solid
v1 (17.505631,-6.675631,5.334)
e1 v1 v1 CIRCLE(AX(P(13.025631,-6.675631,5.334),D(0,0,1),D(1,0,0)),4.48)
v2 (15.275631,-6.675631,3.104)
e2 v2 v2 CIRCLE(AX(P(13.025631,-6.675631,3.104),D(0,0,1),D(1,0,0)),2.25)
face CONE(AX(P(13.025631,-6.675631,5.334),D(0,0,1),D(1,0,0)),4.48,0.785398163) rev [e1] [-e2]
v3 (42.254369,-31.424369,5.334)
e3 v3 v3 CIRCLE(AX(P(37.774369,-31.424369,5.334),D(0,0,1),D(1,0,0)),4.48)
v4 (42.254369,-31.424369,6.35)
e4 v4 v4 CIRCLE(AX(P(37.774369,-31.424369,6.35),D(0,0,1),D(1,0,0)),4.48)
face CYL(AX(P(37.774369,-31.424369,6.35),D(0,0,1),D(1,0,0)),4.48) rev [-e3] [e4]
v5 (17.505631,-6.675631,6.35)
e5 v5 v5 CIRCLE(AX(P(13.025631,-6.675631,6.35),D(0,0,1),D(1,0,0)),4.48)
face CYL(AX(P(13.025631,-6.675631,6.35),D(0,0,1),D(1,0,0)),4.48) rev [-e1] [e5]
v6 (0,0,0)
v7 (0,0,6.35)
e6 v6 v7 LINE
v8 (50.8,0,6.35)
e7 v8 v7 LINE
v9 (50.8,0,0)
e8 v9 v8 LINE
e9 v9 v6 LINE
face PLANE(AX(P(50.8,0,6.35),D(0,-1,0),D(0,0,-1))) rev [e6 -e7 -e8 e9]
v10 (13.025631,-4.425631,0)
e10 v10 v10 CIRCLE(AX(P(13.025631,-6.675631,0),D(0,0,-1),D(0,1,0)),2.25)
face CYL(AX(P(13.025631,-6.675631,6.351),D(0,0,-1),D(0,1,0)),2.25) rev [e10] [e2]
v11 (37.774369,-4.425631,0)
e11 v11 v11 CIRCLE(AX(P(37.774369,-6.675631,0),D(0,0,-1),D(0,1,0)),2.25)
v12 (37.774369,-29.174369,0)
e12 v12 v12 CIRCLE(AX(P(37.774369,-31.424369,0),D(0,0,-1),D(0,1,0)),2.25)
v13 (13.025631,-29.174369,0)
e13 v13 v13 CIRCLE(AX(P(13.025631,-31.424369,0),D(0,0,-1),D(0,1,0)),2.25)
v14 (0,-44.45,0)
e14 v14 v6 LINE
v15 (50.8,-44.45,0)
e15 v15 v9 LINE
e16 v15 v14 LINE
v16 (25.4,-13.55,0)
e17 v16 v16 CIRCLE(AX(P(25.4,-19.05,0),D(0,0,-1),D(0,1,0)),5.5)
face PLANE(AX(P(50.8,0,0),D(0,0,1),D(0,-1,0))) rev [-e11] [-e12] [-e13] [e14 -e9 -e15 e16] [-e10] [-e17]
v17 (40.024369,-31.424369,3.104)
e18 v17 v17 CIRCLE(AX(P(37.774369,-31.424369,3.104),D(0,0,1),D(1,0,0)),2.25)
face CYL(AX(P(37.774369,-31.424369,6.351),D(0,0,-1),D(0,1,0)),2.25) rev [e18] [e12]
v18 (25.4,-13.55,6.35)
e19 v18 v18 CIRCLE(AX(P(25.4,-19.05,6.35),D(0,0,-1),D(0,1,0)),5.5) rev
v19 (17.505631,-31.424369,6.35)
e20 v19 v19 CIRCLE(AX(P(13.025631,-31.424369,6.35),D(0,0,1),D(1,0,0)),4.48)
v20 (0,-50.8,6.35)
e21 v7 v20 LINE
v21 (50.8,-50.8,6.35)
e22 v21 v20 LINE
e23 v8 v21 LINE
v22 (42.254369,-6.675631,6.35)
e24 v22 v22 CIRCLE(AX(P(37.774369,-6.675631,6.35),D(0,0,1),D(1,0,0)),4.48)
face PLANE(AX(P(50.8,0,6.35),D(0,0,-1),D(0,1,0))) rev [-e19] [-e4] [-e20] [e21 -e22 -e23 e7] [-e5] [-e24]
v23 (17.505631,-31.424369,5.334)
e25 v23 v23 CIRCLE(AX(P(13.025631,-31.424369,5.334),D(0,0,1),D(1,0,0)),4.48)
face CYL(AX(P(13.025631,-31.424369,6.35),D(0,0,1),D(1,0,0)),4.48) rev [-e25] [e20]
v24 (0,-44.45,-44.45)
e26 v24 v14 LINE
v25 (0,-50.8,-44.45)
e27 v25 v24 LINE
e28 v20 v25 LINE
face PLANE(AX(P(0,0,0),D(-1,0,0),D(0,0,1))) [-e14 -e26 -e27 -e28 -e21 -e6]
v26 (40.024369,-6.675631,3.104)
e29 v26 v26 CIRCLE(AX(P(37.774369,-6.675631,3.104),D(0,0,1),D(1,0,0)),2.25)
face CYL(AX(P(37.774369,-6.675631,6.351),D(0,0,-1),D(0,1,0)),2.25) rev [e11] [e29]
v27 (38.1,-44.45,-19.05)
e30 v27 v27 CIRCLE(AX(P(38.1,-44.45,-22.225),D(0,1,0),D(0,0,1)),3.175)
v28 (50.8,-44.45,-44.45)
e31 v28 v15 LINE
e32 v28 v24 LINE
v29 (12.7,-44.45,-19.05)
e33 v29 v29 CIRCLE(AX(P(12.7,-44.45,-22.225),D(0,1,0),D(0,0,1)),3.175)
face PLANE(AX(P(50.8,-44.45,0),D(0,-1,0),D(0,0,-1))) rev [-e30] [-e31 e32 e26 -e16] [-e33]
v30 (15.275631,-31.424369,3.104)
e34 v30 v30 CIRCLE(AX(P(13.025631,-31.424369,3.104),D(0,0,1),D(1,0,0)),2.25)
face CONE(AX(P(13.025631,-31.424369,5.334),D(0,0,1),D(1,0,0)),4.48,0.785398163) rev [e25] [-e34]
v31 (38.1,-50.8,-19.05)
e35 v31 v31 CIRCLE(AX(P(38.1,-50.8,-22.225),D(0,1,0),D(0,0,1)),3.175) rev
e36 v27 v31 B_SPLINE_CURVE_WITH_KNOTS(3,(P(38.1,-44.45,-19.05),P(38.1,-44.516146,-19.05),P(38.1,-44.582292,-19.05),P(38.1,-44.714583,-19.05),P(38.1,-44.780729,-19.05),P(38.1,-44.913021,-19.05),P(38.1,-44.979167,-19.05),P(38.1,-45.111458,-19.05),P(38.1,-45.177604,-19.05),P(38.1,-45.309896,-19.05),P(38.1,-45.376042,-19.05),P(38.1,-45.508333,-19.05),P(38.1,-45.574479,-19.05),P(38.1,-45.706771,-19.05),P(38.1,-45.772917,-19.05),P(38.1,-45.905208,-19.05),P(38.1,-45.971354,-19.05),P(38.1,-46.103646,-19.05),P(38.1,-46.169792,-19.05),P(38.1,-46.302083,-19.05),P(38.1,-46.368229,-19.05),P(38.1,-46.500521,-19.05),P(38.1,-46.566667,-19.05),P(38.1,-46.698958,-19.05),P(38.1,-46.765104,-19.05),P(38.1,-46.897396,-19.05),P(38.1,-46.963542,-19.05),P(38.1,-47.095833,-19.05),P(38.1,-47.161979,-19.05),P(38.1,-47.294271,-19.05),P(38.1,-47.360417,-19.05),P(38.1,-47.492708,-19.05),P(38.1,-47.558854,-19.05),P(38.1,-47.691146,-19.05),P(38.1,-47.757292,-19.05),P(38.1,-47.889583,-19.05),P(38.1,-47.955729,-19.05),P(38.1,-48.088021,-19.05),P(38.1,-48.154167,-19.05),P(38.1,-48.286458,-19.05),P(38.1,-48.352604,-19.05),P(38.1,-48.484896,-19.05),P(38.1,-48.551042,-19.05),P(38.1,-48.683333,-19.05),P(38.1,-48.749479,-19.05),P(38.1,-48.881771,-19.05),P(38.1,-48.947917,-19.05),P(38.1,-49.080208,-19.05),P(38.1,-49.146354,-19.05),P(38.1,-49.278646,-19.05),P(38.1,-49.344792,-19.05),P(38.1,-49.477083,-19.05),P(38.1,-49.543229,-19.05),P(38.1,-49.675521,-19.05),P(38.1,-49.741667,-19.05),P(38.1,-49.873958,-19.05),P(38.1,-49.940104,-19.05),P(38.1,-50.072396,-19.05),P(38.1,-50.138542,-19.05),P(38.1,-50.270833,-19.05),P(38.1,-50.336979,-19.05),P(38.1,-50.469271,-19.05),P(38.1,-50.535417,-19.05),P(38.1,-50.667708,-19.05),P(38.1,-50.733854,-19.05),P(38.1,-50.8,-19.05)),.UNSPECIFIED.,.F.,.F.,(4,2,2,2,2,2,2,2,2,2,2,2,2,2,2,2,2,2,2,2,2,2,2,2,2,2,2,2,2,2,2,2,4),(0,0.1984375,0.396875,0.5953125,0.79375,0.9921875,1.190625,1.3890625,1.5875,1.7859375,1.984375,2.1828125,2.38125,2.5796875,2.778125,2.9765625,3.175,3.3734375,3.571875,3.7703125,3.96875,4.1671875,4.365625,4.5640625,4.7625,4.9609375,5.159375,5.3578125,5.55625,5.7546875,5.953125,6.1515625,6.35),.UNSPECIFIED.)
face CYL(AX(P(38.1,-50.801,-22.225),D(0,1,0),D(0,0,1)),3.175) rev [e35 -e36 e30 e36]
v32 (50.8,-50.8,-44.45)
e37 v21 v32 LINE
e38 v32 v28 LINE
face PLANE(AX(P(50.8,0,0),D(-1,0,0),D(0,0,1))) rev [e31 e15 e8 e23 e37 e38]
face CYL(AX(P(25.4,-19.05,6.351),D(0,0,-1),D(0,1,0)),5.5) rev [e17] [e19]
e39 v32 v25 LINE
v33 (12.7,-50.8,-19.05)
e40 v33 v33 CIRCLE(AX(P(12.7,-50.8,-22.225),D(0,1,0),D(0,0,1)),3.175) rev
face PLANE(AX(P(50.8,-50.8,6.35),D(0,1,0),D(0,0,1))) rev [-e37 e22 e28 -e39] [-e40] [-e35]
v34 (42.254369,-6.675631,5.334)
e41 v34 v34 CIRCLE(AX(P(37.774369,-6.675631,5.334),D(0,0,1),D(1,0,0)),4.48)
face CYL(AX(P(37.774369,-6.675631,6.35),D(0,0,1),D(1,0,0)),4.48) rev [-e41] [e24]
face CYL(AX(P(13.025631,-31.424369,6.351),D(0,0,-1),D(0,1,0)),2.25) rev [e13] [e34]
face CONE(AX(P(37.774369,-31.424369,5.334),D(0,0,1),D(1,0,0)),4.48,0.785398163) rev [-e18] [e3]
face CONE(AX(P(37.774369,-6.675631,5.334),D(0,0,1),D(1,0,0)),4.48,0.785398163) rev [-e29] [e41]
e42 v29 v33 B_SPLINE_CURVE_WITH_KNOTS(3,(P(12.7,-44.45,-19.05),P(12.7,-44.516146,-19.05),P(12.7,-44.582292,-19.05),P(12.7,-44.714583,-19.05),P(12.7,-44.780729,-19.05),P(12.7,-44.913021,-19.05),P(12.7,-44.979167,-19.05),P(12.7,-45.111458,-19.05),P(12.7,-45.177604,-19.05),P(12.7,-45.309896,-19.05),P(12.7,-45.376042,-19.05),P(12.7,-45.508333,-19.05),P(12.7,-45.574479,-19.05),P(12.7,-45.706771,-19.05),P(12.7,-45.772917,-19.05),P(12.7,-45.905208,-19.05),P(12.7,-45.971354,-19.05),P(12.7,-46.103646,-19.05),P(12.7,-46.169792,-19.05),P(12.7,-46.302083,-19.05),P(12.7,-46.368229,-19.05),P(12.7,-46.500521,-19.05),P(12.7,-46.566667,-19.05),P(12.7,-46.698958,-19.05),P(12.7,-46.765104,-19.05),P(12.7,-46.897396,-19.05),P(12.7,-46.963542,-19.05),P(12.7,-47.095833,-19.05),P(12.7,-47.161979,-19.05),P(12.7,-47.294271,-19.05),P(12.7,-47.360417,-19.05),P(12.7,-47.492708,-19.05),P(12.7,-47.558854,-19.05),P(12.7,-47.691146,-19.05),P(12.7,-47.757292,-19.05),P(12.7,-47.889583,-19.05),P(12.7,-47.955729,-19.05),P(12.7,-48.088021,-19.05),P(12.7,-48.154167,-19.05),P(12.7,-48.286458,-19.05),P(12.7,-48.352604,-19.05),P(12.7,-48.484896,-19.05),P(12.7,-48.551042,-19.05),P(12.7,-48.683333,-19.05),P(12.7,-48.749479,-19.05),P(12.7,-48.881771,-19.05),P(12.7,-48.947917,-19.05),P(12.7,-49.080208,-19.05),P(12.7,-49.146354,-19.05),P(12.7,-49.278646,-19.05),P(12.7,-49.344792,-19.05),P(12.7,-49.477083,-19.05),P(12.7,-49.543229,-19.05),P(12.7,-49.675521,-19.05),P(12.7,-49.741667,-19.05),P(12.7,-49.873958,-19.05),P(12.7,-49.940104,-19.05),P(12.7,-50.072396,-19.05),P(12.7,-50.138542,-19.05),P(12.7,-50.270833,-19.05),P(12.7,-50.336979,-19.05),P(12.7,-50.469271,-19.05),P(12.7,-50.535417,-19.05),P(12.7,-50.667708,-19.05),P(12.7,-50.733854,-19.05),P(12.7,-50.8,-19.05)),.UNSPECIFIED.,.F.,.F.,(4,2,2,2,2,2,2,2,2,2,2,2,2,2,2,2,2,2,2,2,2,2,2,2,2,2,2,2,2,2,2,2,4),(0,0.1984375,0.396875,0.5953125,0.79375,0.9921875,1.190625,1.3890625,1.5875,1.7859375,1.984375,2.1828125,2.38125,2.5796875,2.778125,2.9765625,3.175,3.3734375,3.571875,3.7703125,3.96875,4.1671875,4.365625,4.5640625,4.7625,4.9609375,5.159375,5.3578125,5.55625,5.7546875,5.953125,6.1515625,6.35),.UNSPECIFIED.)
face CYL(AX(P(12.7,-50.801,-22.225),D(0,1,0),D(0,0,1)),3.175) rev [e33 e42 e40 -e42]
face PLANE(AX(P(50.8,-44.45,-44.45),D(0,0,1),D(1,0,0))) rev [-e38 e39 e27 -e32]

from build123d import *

# Parameters (mm, degrees)
BOSS_EXTRUDE1_DEPTH          = 50.8
CUT_EXTRUDE1_REACH           = 86.481
SKETCH2_R                    = 2.25
SKETCH2_R_2                  = 5.5
CUT_EXTRUDE2_REACH           = 82.822
SKETCH4_R                    = 3.175
CSK_FOR_M4_SFHCS1_AT_2_COUNT = 2
CSK_FOR_M4_SFHCS1_AT_2_PITCH = 24.748737342
CSK_FOR_M4_SFHCS1_AT_3_COUNT = 2
CSK_FOR_M4_SFHCS1_AT_3_PITCH = 35
CSK_FOR_M4_SFHCS1_AT_4_COUNT = 2
CSK_FOR_M4_SFHCS1_AT_4_PITCH = 24.748737342


with BuildPart() as part:
    # Sketch1 → Boss-Extrude1 (new body)
    with BuildSketch(Plane(origin=(0, 0, 0), x_dir=(0, 0, -1), z_dir=(1, 0, 0))):
        Polygon((0, 0), (0, -44.45), (44.45, -44.45), (44.45, -50.8), (-6.35, -50.8), (-6.35, 0), align=None)
    extrude(amount=BOSS_EXTRUDE1_DEPTH)

    # Sketch2 → Cut-Extrude1 (cut, up to next)
    with BuildSketch(Plane(origin=(0, 0, 0), x_dir=(-1, 0, 0), z_dir=(0, 0, -1)), mode=Mode.PRIVATE) as cut_extrude1_sk1:
        with Locations(Location((-13.025631329, -6.675631329, 0), (0, 0, 90))):
            Circle(SKETCH2_R)
    cut_extrude1_tool1 = extrude(cut_extrude1_sk1.sketch, amount=-CUT_EXTRUDE1_REACH, mode=Mode.PRIVATE) & part.part
    # Sketch2 → Cut-Extrude1 (cut, up to next)
    with BuildSketch(Plane(origin=(0, 0, 0), x_dir=(-1, 0, 0), z_dir=(0, 0, -1)), mode=Mode.PRIVATE) as cut_extrude1_sk2:
        with Locations(Location((-13.025631329, -31.424368671, 0), (0, 0, 90))):
            Circle(SKETCH2_R)
    cut_extrude1_tool2 = extrude(cut_extrude1_sk2.sketch, amount=-CUT_EXTRUDE1_REACH, mode=Mode.PRIVATE) & part.part
    # Sketch2 → Cut-Extrude1 (cut, up to next)
    with BuildSketch(Plane(origin=(0, 0, 0), x_dir=(-1, 0, 0), z_dir=(0, 0, -1)), mode=Mode.PRIVATE) as cut_extrude1_sk3:
        with Locations(Location((-37.774368671, -31.424368671, 0), (0, 0, 90))):
            Circle(SKETCH2_R)
    cut_extrude1_tool3 = extrude(cut_extrude1_sk3.sketch, amount=-CUT_EXTRUDE1_REACH, mode=Mode.PRIVATE) & part.part
    # Sketch2 → Cut-Extrude1 (cut, up to next)
    with BuildSketch(Plane(origin=(0, 0, 0), x_dir=(-1, 0, 0), z_dir=(0, 0, -1)), mode=Mode.PRIVATE) as cut_extrude1_sk4:
        with Locations(Location((-37.774368671, -6.675631329, 0), (0, 0, 90))):
            Circle(SKETCH2_R)
    cut_extrude1_tool4 = extrude(cut_extrude1_sk4.sketch, amount=-CUT_EXTRUDE1_REACH, mode=Mode.PRIVATE) & part.part
    # Sketch2 → Cut-Extrude1 (cut, up to next)
    with BuildSketch(Plane(origin=(0, 0, 0), x_dir=(-1, 0, 0), z_dir=(0, 0, -1)), mode=Mode.PRIVATE) as cut_extrude1_sk5:
        with Locations(Location((-25.4, -19.05, 0), (0, 0, 90))):
            Circle(SKETCH2_R_2)
    cut_extrude1_tool5 = extrude(cut_extrude1_sk5.sketch, amount=-CUT_EXTRUDE1_REACH, mode=Mode.PRIVATE) & part.part
    add(cut_extrude1_tool1.solids().sort_by_distance((13.025631, -6.675631, 0))[0], mode=Mode.SUBTRACT)
    add(cut_extrude1_tool2.solids().sort_by_distance((13.025631, -31.424369, 0))[0], mode=Mode.SUBTRACT)
    add(cut_extrude1_tool3.solids().sort_by_distance((37.774369, -31.424369, 0))[0], mode=Mode.SUBTRACT)
    add(cut_extrude1_tool4.solids().sort_by_distance((37.774369, -6.675631, 0))[0], mode=Mode.SUBTRACT)
    add(cut_extrude1_tool5.solids().sort_by_distance((25.4, -19.05, 0))[0], mode=Mode.SUBTRACT)

    # Sketch4 → Cut-Extrude2 (cut, up to next)
    with BuildSketch(Plane(origin=(0, -44.45, 0), x_dir=(1, 0, 0), z_dir=(0, 1, 0)), mode=Mode.PRIVATE) as cut_extrude2_sk1:
        with Locations(Location((12.7, 22.225, 0), (0, 0, 270))):
            Circle(SKETCH4_R)
    cut_extrude2_tool1 = extrude(cut_extrude2_sk1.sketch, amount=-CUT_EXTRUDE2_REACH, mode=Mode.PRIVATE) & part.part
    # Sketch4 → Cut-Extrude2 (cut, up to next)
    with BuildSketch(Plane(origin=(0, -44.45, 0), x_dir=(1, 0, 0), z_dir=(0, 1, 0)), mode=Mode.PRIVATE) as cut_extrude2_sk2:
        with Locations(Location((38.1, 22.225, 0), (0, 0, 270))):
            Circle(SKETCH4_R)
    cut_extrude2_tool2 = extrude(cut_extrude2_sk2.sketch, amount=-CUT_EXTRUDE2_REACH, mode=Mode.PRIVATE) & part.part
    add(cut_extrude2_tool1.solids().sort_by_distance((12.7, -44.45, -22.225))[0], mode=Mode.SUBTRACT)
    add(cut_extrude2_tool2.solids().sort_by_distance((38.1, -44.45, -22.225))[0], mode=Mode.SUBTRACT)

    # Sketch5 → CSK for M4 SFHCS1 (revolve, cut)
    with BuildSketch(Plane(origin=(13.025631329, -6.675631329, 6.35), x_dir=(0, -1, 0), z_dir=(1, 0, 0))):
        Polygon((0, 0), (0, 50.8), (2.15, 50.8), (2.15, 3.346), (4.48, 1.016), (4.48, 0), align=None)
    csk_for_m4_sfhcs1 = revolve(axis=Axis((13.025631329, -6.675631329, 12.7), (0, 0, -1)), mode=Mode.SUBTRACT)

    # CSK for M4 SFHCS1 at 2: CSK for M4 SFHCS1 ×2
    with Locations(*[(i * CSK_FOR_M4_SFHCS1_AT_2_PITCH, 0, 0) for i in range(1, CSK_FOR_M4_SFHCS1_AT_2_COUNT)]):
        add(csk_for_m4_sfhcs1, mode=Mode.SUBTRACT)

    # CSK for M4 SFHCS1 at 3: CSK for M4 SFHCS1 ×2
    with Locations(*[Vector(0.7071067811865426, -0.7071067811865525, 0) * (i * CSK_FOR_M4_SFHCS1_AT_3_PITCH) for i in range(1, CSK_FOR_M4_SFHCS1_AT_3_COUNT)]):
        add(csk_for_m4_sfhcs1, mode=Mode.SUBTRACT)

    # CSK for M4 SFHCS1 at 4: CSK for M4 SFHCS1 ×2
    with Locations(*[(0, -i * CSK_FOR_M4_SFHCS1_AT_4_PITCH, 0) for i in range(1, CSK_FOR_M4_SFHCS1_AT_4_COUNT)]):
        add(csk_for_m4_sfhcs1, mode=Mode.SUBTRACT)


solid = part.part
